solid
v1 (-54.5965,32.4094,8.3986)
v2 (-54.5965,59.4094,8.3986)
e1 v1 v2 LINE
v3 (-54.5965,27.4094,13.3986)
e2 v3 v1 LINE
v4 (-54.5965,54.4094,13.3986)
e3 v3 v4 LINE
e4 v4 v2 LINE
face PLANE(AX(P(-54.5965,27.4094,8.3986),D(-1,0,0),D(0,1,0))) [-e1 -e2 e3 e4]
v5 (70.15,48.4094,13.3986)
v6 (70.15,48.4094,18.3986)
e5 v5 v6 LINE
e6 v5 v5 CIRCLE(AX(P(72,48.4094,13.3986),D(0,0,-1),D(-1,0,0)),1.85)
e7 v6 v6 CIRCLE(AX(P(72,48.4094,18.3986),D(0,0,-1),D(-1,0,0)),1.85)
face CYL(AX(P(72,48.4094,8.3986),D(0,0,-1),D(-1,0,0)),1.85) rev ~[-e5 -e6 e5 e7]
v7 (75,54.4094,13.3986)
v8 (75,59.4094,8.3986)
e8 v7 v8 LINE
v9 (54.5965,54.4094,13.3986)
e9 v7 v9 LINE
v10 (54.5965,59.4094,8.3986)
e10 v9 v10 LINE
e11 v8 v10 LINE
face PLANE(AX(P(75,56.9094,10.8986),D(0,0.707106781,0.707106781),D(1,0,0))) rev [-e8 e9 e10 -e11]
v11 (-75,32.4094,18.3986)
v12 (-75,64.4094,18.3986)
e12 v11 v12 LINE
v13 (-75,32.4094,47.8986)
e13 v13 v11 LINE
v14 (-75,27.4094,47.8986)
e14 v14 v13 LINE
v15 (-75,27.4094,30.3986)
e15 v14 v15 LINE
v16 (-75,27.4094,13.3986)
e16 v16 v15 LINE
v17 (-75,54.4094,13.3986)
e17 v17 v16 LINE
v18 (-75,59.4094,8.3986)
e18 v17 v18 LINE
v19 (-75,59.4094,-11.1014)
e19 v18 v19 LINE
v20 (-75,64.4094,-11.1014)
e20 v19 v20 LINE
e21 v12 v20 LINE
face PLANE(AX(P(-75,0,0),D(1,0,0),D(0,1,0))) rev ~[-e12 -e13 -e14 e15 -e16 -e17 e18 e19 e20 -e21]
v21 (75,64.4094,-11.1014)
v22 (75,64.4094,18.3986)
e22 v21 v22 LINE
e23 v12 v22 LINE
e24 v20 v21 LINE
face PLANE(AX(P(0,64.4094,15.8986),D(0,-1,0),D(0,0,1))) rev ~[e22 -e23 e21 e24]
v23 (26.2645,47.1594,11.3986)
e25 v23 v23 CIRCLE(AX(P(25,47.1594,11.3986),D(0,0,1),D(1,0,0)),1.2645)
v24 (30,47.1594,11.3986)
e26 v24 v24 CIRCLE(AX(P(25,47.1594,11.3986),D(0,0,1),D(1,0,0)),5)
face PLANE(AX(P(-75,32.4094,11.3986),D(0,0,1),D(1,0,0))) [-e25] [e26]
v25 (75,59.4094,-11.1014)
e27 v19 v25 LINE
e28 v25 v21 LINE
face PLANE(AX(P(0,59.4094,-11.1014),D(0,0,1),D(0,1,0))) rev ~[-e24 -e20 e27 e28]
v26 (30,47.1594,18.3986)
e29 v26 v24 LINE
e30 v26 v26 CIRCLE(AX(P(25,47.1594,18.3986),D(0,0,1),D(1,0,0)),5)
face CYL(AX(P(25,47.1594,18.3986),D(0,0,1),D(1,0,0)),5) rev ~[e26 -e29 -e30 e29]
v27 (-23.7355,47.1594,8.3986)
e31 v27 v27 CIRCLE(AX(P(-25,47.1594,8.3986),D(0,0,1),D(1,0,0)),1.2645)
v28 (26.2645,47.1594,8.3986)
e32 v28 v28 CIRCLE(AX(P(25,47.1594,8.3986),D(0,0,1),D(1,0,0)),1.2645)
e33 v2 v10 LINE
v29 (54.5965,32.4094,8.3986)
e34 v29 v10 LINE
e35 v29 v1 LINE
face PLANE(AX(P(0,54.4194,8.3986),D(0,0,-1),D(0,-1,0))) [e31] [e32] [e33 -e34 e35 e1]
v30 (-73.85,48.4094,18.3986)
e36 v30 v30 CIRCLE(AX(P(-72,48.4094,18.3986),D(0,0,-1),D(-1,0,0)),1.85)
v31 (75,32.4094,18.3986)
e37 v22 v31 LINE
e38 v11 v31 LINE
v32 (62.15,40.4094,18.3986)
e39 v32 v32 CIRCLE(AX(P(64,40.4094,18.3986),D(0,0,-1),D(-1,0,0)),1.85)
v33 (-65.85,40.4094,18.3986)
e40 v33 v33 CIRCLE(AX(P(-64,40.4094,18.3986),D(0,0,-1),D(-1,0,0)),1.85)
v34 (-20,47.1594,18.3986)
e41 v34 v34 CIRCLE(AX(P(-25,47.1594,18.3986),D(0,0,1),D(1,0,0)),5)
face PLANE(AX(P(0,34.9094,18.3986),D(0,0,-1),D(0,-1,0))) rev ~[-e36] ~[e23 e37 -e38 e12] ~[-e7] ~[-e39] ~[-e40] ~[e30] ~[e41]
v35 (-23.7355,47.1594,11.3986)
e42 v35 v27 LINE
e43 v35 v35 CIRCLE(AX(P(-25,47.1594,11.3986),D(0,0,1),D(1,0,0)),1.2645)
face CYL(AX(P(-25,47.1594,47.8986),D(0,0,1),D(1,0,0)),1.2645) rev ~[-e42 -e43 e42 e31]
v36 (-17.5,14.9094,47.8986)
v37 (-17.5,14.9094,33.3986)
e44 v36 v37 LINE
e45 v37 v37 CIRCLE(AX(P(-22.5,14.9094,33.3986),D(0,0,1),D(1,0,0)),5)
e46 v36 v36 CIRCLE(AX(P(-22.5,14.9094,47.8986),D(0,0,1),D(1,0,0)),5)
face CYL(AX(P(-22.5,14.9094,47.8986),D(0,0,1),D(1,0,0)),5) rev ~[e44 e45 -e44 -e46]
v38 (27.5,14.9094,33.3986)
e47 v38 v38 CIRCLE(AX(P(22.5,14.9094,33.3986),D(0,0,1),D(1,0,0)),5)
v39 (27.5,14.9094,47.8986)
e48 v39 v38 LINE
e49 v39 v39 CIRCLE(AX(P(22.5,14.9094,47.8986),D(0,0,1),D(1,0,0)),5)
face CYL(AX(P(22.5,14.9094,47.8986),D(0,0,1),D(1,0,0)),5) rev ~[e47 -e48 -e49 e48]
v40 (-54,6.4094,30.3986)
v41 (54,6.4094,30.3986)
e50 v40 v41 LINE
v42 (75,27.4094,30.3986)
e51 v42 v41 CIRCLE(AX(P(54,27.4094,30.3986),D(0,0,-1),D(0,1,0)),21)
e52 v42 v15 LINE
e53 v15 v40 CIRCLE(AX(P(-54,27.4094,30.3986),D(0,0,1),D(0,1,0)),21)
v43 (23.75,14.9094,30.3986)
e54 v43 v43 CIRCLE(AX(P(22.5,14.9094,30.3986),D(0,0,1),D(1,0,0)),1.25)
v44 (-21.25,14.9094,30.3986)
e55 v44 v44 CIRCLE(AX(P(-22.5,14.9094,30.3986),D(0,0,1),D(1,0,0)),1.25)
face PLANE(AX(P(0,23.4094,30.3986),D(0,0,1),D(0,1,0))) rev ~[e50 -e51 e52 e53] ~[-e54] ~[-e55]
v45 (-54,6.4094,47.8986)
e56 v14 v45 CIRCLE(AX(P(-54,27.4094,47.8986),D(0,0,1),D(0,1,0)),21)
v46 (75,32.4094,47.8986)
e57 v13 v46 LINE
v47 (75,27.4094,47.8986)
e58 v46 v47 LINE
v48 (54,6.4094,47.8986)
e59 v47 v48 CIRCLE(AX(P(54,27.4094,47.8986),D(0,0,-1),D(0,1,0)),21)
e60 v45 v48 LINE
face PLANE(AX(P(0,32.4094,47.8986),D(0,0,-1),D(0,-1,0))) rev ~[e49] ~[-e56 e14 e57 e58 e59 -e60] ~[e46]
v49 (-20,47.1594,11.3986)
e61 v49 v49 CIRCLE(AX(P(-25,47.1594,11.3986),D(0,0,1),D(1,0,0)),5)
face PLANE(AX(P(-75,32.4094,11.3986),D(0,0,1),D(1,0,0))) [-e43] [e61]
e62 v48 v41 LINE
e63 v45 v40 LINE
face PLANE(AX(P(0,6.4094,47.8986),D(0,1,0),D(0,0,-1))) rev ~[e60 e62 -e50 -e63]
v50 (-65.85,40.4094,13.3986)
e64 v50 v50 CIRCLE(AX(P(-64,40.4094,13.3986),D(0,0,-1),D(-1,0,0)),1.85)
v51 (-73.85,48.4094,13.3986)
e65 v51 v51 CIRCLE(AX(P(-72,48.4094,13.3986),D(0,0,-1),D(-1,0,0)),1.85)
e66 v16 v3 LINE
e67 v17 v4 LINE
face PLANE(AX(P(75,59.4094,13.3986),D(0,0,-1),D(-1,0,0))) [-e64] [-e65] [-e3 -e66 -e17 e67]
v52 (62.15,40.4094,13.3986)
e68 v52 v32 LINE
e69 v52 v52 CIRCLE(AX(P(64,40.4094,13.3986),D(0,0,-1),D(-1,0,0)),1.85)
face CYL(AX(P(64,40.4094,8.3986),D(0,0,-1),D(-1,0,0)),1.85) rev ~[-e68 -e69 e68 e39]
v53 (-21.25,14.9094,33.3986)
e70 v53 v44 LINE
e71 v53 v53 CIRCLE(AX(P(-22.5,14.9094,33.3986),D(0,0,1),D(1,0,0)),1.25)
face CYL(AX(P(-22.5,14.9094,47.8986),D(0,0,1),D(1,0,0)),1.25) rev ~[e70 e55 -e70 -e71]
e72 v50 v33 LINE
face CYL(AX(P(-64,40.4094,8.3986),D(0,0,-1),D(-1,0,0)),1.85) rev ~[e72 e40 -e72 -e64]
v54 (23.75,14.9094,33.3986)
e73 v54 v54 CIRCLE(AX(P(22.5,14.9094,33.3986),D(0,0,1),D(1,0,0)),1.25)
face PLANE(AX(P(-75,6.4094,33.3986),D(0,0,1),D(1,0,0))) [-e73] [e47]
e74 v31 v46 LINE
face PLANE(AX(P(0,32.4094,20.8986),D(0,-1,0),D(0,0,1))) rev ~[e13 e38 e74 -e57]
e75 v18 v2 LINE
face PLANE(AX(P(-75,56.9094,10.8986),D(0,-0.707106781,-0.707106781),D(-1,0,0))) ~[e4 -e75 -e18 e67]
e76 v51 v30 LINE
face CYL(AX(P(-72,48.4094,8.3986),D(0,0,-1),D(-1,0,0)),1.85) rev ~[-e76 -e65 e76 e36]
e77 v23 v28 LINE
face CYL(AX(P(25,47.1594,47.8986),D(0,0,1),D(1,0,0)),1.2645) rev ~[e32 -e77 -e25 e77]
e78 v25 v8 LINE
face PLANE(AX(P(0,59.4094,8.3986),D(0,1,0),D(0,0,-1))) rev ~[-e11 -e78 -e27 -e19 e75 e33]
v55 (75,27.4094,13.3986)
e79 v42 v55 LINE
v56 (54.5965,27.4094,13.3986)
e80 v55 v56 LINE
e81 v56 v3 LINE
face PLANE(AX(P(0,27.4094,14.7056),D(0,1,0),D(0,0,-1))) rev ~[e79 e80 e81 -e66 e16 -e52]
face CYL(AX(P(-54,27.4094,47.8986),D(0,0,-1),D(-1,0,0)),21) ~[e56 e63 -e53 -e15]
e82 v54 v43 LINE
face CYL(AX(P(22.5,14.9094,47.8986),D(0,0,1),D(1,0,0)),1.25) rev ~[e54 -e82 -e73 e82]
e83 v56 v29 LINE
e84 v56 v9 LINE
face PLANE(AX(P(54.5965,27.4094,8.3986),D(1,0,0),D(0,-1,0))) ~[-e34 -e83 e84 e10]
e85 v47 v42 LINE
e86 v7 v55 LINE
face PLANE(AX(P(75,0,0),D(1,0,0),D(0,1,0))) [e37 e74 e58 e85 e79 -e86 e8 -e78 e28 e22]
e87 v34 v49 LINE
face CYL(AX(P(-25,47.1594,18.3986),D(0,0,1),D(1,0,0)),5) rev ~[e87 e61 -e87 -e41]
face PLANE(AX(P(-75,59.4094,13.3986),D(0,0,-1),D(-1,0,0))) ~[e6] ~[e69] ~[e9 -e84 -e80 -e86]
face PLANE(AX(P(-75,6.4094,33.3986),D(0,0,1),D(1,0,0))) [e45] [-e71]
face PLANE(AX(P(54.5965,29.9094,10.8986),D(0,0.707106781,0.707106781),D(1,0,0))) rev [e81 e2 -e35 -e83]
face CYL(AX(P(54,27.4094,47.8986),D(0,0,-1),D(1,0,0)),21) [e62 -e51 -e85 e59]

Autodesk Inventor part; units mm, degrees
ref_plane "YZ Plane" through (0, 0, 0) normal (1, 0, 0) x (0, 1, 0)
ref_plane "XZ Plane" through (0, 0, 0) normal (0, 1, 0) x (-1, 0, 0)
ref_plane "XY Plane" through (0, 0, 0) normal (0, 0, 1) x (1, 0, 0)
sketch "Эскиз1" plane through (0, 0, 0) normal (0, 0, 1) x (1, 0, 0)
  point P0 (0, 0)
sketch "Эскиз2" plane through (0, 0, 0) normal (1, 0, 0) x (0, 1, 0)
  line L0 (54.4194, 8.3986) -> (39.8994, 8.3986)
  line L1 (59.4094, -4.1014) -> (59.4094, 3.8986)
  line L2 (64.4094, 15.8986) -> (64.4094, -11.1014)
  line L3 (61.9094, 18.3986) -> (34.9094, 18.3986)
  line L4 (32.4094, 20.8986) -> (32.4094, 47.8986)
  line L5 (23.4094, 30.3986) -> (6.4094, 30.3986)
  line L6 (27.4094, 14.7056) -> (27.4094, 16.0719)
  line L7 (59.4094, -11.1014) -> (64.4094, -11.1014)
  line L8 (64.4094, -11.1014) -> (64.4094, 18.3986)
  line L9 (64.4094, 18.3986) -> (59.4094, 18.3986)
  line L10 (59.4094, 18.3986) -> (59.4094, -11.1014)
  line L11 (32.4094, 8.3986) -> (59.4094, 8.3986)
  line L12 (59.4094, 8.3986) -> (59.4094, 18.3986)
  line L13 (59.4094, 18.3986) -> (32.4094, 18.3986)
  line L14 (32.4094, 18.3986) -> (32.4094, 8.3986)
  line L15 (27.4094, 8.3986) -> (32.4094, 8.3986)
  line L16 (32.4094, 8.3986) -> (32.4094, 47.8986)
  line L17 (32.4094, 47.8986) -> (27.4094, 47.8986)
  line L18 (27.4094, 47.8986) -> (27.4094, 8.3986)
  line L19 (6.4094, 30.3986) -> (27.4094, 30.3986)
  line L20 (27.4094, 30.3986) -> (27.4094, 47.8986)
  line L21 (27.4094, 47.8986) -> (6.4094, 47.8986)
  line L22 (6.4094, 47.8986) -> (6.4094, 30.3986)
  point P0 (0, 0)
  point P1 (59.4094, 8.3986)
  point P2 (61.9094, 18.3986)
  point P3 (34.9094, 18.3986)
  point P4 (32.4094, 8.3986)
  point P5 (27.4094, 8.3986)
extrude "Выдавливание1" add sketch "Эскиз2" along normal mid plane 150
sketch "Эскиз3" plane through (75, 59.4094, 8.3986) normal (0, 0, -1) x (-1, 0, 0)
  circle A0 centre (147, -11) radius 1.85 projected
  circle A1 centre (3, -11) radius 1.85 projected
  circle A2 centre (11, -19) radius 1.85 projected
  circle A3 centre (139, -19) radius 1.85 projected
  point P0 (75, -59.4094)
extrude "Выдавливание2" cut sketch "Эскиз3" against normal through all
sketch "Эскиз4" plane through (75, 59.4094, 8.3986) normal (0, 0, -1) x (-1, 0, 0)
  line L0 (150, 0) -> (150, -32) projected
  line L1 (150, 0) -> (0, 0) projected
  line L2 (150, -32) -> (129.5965, -32)
  line L3 (129.5965, -32) -> (129.5965, 0)
  line L4 (129.5965, 0) -> (150, 0)
  line L5 (150, 0) -> (150, -32)
  line L6 (150, -32) -> (0, -32) projected
  point P0 (75, -59.4094)
  point P1 (139.7982, -32)
extrude "Выдавливание3" cut sketch "Эскиз4" against normal blind 5
mirror "Зеркальное отражение1" about plane through (0, 0, 0) normal (1, 0, 0) of "Выдавливание3"
sketch "Эскиз5" plane through (-75, 6.4094, 47.8986) normal (0, 0, 1) x (1, 0, 0)
  circle A0 centre (97.5, 8.5) radius 1.25 projected
  circle A1 centre (52.5, 8.5) radius 1.25 projected
  circle A2 centre (100, 40.75) radius 1.2645 projected
  circle A3 centre (50, 40.75) radius 1.2645 projected
  point P0 (75, -6.4094)
extrude "Выдавливание4" cut sketch "Эскиз5" against normal through all
sketch "Эскиз6" plane through (-75, 6.4094, 47.8986) normal (0, 0, 1) x (1, 0, 0)
  circle A0 centre (97.5, 8.5) radius 1.25 projected
  circle A1 centre (97.5, 8.5) radius 5
  circle A2 centre (52.5, 8.5) radius 1.25 projected
  circle A3 centre (52.5, 8.5) radius 5
  point P0 (75, -6.4094)
  dimension "d8" = 10
  dimension "d9" = 10
extrude "Выдавливание5" cut sketch "Эскиз6" against normal blind 14.5 contours A0 | A1 | A2 | A3
sketch "Эскиз7" plane through (-75, 32.4094, 18.3986) normal (0, 0, 1) x (1, 0, 0)
  circle A0 centre (100, 14.75) radius 1.2645 projected
  circle A1 centre (100, 14.75) radius 5
  circle A2 centre (50, 14.75) radius 1.2645 projected
  circle A3 centre (50, 14.75) radius 5
  point P0 (75, -32.4094)
  dimension "d12" = 10
  dimension "d13" = 10
extrude "Выдавливание6" cut sketch "Эскиз7" against normal blind 7 contours A0 | A1 | A2 | A3
fillet "Сопряжение1" radius 21 2 edges at (75, 6.4094, 39.1486) (-75, 6.4094, 39.1486)
chamfer "Фаска1" distance 5 angle 45 2 edges at (64.7982, 59.4094, 13.3986) (-64.7982, 59.4094, 13.3986)
chamfer "Фаска2" distance 5 angle 45 1 edges at (0, 27.4094, 8.3986)
properties part number "000.001.010 - Realsense крепление"
